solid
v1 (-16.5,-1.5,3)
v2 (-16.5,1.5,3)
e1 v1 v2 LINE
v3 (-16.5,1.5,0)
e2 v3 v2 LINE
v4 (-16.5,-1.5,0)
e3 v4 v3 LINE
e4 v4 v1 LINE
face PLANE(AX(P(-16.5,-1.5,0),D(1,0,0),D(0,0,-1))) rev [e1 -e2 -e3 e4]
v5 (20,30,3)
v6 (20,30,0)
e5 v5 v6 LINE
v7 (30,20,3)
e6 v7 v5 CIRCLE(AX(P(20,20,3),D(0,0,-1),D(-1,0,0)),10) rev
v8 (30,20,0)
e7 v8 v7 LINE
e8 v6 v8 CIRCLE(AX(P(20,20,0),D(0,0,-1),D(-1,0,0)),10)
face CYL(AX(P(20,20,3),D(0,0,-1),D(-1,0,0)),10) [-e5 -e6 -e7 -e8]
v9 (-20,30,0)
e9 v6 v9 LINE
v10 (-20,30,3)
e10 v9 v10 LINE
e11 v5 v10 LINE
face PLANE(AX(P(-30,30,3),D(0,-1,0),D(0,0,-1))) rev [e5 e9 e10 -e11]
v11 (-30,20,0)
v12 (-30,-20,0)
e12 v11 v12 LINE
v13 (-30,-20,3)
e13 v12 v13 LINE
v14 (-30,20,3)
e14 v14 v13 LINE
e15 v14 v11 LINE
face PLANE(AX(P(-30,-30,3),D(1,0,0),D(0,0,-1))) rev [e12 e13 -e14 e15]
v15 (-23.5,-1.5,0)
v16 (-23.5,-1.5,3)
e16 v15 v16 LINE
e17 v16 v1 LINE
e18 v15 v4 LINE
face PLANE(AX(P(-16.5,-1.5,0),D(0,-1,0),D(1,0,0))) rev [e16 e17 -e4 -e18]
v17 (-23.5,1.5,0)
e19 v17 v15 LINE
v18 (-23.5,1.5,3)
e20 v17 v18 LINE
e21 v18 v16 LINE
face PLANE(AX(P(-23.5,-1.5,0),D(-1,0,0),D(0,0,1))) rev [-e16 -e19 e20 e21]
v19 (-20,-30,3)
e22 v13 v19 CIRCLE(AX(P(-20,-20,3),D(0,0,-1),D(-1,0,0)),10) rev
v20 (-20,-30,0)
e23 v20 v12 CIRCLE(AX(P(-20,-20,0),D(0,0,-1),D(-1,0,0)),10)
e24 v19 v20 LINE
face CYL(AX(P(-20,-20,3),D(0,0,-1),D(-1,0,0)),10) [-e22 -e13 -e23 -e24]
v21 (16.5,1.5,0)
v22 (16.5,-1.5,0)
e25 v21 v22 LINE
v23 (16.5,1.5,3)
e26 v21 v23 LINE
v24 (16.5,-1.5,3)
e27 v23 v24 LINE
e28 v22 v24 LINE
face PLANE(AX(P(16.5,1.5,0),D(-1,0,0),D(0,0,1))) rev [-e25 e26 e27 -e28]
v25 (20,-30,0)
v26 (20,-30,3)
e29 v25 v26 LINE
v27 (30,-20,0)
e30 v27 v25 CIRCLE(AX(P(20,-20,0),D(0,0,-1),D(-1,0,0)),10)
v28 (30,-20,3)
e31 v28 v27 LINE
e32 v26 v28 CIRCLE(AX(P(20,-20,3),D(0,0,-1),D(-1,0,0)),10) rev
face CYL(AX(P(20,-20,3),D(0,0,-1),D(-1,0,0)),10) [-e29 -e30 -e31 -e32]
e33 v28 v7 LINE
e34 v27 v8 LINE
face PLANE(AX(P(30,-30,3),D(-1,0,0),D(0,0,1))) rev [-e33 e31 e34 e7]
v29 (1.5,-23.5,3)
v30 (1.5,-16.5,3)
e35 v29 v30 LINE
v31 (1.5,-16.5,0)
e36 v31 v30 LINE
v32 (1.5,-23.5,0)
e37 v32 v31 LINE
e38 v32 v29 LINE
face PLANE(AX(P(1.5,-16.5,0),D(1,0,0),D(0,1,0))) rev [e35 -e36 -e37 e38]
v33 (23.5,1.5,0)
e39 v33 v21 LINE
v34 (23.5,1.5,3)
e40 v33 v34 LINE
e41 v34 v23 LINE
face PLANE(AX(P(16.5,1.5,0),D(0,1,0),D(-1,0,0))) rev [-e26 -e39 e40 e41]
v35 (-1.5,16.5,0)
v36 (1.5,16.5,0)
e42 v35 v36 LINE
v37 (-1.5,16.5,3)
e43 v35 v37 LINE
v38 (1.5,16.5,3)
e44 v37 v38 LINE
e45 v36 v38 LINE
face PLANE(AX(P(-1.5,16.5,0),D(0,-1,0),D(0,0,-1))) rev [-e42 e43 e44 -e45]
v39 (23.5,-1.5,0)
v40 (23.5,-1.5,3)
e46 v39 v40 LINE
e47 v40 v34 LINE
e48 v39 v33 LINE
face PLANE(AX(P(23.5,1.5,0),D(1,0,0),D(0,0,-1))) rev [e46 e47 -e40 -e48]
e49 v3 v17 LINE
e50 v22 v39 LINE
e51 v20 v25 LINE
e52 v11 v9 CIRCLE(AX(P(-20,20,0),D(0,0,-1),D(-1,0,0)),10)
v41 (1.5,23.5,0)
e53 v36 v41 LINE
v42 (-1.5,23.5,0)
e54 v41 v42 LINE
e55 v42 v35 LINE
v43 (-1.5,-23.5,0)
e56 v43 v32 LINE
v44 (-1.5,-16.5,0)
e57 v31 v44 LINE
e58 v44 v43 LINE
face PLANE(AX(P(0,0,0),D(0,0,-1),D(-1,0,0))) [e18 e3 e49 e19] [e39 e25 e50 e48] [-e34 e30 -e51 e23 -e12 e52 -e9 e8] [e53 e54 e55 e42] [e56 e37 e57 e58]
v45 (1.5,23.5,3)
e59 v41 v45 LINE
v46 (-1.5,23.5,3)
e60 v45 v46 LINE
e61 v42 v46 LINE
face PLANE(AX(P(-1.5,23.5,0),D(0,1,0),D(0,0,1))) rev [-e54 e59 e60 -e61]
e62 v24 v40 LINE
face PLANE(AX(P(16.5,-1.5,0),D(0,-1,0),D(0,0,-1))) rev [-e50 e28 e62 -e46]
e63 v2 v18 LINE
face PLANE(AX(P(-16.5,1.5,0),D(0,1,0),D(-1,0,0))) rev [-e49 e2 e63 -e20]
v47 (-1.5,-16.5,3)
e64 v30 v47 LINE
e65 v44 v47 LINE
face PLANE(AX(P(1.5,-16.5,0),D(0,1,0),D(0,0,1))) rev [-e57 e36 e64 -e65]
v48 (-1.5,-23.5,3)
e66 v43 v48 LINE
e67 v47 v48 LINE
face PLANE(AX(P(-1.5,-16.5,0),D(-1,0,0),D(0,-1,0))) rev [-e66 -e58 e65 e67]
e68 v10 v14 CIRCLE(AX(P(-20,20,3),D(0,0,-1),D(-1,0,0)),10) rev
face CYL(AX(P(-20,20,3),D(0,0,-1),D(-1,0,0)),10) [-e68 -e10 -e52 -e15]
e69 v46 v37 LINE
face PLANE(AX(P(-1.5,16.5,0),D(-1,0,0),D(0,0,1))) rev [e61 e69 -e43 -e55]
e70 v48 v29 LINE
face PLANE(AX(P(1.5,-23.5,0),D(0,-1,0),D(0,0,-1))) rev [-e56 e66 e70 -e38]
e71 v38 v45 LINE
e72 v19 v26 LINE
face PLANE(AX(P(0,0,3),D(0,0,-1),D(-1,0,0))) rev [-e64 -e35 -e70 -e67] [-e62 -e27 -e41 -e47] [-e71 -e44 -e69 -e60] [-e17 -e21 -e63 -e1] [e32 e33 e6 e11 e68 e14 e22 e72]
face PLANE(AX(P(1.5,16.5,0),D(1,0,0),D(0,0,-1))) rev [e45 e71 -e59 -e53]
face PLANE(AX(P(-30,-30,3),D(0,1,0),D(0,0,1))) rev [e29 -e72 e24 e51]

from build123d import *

# Parameters (mm, degrees)
ESBO_O1_W                = 60
ESBO_O1_H                = 60
RESSALTO_EXTRUS_O1_DEPTH = 3
ESBO_O2_W                = 7
ESBO_O2_H                = 3
ESBO_O2_W_2              = 3
ESBO_O2_H_2              = 7
CORTE_EXTRUS_O1_DEPTH    = 3
FILETE1_R                = 10


with BuildPart() as part:
    # Esboço1 → Ressalto-extrusão1 (new body)
    with BuildSketch(Plane.XY):
        Rectangle(ESBO_O1_W, ESBO_O1_H)
    extrude(amount=RESSALTO_EXTRUS_O1_DEPTH)

    # Esboço2 → Corte-extrusão1 (cut)
    with BuildSketch(Plane.XY.offset(3)):
        with Locations((20, 0)):
            Rectangle(ESBO_O2_W, ESBO_O2_H)
        with Locations((0, -20)):
            Rectangle(ESBO_O2_W_2, ESBO_O2_H_2)
        with Locations((-20, 0)):
            Rectangle(ESBO_O2_W, ESBO_O2_H)
        with Locations((0, 20)):
            Rectangle(ESBO_O2_W_2, ESBO_O2_H_2)
    extrude(amount=-CORTE_EXTRUS_O1_DEPTH, mode=Mode.SUBTRACT)

    # Filete1
    filete1_edges = [part.edges().sort_by_distance(p)[0] for p in [
        (30, -30, 1.5),
        (-30, -30, 1.5),
        (-30, 30, 1.5),
        (30, 30, 1.5),
    ]]
    fillet(filete1_edges, radius=FILETE1_R)


solid = part.part
